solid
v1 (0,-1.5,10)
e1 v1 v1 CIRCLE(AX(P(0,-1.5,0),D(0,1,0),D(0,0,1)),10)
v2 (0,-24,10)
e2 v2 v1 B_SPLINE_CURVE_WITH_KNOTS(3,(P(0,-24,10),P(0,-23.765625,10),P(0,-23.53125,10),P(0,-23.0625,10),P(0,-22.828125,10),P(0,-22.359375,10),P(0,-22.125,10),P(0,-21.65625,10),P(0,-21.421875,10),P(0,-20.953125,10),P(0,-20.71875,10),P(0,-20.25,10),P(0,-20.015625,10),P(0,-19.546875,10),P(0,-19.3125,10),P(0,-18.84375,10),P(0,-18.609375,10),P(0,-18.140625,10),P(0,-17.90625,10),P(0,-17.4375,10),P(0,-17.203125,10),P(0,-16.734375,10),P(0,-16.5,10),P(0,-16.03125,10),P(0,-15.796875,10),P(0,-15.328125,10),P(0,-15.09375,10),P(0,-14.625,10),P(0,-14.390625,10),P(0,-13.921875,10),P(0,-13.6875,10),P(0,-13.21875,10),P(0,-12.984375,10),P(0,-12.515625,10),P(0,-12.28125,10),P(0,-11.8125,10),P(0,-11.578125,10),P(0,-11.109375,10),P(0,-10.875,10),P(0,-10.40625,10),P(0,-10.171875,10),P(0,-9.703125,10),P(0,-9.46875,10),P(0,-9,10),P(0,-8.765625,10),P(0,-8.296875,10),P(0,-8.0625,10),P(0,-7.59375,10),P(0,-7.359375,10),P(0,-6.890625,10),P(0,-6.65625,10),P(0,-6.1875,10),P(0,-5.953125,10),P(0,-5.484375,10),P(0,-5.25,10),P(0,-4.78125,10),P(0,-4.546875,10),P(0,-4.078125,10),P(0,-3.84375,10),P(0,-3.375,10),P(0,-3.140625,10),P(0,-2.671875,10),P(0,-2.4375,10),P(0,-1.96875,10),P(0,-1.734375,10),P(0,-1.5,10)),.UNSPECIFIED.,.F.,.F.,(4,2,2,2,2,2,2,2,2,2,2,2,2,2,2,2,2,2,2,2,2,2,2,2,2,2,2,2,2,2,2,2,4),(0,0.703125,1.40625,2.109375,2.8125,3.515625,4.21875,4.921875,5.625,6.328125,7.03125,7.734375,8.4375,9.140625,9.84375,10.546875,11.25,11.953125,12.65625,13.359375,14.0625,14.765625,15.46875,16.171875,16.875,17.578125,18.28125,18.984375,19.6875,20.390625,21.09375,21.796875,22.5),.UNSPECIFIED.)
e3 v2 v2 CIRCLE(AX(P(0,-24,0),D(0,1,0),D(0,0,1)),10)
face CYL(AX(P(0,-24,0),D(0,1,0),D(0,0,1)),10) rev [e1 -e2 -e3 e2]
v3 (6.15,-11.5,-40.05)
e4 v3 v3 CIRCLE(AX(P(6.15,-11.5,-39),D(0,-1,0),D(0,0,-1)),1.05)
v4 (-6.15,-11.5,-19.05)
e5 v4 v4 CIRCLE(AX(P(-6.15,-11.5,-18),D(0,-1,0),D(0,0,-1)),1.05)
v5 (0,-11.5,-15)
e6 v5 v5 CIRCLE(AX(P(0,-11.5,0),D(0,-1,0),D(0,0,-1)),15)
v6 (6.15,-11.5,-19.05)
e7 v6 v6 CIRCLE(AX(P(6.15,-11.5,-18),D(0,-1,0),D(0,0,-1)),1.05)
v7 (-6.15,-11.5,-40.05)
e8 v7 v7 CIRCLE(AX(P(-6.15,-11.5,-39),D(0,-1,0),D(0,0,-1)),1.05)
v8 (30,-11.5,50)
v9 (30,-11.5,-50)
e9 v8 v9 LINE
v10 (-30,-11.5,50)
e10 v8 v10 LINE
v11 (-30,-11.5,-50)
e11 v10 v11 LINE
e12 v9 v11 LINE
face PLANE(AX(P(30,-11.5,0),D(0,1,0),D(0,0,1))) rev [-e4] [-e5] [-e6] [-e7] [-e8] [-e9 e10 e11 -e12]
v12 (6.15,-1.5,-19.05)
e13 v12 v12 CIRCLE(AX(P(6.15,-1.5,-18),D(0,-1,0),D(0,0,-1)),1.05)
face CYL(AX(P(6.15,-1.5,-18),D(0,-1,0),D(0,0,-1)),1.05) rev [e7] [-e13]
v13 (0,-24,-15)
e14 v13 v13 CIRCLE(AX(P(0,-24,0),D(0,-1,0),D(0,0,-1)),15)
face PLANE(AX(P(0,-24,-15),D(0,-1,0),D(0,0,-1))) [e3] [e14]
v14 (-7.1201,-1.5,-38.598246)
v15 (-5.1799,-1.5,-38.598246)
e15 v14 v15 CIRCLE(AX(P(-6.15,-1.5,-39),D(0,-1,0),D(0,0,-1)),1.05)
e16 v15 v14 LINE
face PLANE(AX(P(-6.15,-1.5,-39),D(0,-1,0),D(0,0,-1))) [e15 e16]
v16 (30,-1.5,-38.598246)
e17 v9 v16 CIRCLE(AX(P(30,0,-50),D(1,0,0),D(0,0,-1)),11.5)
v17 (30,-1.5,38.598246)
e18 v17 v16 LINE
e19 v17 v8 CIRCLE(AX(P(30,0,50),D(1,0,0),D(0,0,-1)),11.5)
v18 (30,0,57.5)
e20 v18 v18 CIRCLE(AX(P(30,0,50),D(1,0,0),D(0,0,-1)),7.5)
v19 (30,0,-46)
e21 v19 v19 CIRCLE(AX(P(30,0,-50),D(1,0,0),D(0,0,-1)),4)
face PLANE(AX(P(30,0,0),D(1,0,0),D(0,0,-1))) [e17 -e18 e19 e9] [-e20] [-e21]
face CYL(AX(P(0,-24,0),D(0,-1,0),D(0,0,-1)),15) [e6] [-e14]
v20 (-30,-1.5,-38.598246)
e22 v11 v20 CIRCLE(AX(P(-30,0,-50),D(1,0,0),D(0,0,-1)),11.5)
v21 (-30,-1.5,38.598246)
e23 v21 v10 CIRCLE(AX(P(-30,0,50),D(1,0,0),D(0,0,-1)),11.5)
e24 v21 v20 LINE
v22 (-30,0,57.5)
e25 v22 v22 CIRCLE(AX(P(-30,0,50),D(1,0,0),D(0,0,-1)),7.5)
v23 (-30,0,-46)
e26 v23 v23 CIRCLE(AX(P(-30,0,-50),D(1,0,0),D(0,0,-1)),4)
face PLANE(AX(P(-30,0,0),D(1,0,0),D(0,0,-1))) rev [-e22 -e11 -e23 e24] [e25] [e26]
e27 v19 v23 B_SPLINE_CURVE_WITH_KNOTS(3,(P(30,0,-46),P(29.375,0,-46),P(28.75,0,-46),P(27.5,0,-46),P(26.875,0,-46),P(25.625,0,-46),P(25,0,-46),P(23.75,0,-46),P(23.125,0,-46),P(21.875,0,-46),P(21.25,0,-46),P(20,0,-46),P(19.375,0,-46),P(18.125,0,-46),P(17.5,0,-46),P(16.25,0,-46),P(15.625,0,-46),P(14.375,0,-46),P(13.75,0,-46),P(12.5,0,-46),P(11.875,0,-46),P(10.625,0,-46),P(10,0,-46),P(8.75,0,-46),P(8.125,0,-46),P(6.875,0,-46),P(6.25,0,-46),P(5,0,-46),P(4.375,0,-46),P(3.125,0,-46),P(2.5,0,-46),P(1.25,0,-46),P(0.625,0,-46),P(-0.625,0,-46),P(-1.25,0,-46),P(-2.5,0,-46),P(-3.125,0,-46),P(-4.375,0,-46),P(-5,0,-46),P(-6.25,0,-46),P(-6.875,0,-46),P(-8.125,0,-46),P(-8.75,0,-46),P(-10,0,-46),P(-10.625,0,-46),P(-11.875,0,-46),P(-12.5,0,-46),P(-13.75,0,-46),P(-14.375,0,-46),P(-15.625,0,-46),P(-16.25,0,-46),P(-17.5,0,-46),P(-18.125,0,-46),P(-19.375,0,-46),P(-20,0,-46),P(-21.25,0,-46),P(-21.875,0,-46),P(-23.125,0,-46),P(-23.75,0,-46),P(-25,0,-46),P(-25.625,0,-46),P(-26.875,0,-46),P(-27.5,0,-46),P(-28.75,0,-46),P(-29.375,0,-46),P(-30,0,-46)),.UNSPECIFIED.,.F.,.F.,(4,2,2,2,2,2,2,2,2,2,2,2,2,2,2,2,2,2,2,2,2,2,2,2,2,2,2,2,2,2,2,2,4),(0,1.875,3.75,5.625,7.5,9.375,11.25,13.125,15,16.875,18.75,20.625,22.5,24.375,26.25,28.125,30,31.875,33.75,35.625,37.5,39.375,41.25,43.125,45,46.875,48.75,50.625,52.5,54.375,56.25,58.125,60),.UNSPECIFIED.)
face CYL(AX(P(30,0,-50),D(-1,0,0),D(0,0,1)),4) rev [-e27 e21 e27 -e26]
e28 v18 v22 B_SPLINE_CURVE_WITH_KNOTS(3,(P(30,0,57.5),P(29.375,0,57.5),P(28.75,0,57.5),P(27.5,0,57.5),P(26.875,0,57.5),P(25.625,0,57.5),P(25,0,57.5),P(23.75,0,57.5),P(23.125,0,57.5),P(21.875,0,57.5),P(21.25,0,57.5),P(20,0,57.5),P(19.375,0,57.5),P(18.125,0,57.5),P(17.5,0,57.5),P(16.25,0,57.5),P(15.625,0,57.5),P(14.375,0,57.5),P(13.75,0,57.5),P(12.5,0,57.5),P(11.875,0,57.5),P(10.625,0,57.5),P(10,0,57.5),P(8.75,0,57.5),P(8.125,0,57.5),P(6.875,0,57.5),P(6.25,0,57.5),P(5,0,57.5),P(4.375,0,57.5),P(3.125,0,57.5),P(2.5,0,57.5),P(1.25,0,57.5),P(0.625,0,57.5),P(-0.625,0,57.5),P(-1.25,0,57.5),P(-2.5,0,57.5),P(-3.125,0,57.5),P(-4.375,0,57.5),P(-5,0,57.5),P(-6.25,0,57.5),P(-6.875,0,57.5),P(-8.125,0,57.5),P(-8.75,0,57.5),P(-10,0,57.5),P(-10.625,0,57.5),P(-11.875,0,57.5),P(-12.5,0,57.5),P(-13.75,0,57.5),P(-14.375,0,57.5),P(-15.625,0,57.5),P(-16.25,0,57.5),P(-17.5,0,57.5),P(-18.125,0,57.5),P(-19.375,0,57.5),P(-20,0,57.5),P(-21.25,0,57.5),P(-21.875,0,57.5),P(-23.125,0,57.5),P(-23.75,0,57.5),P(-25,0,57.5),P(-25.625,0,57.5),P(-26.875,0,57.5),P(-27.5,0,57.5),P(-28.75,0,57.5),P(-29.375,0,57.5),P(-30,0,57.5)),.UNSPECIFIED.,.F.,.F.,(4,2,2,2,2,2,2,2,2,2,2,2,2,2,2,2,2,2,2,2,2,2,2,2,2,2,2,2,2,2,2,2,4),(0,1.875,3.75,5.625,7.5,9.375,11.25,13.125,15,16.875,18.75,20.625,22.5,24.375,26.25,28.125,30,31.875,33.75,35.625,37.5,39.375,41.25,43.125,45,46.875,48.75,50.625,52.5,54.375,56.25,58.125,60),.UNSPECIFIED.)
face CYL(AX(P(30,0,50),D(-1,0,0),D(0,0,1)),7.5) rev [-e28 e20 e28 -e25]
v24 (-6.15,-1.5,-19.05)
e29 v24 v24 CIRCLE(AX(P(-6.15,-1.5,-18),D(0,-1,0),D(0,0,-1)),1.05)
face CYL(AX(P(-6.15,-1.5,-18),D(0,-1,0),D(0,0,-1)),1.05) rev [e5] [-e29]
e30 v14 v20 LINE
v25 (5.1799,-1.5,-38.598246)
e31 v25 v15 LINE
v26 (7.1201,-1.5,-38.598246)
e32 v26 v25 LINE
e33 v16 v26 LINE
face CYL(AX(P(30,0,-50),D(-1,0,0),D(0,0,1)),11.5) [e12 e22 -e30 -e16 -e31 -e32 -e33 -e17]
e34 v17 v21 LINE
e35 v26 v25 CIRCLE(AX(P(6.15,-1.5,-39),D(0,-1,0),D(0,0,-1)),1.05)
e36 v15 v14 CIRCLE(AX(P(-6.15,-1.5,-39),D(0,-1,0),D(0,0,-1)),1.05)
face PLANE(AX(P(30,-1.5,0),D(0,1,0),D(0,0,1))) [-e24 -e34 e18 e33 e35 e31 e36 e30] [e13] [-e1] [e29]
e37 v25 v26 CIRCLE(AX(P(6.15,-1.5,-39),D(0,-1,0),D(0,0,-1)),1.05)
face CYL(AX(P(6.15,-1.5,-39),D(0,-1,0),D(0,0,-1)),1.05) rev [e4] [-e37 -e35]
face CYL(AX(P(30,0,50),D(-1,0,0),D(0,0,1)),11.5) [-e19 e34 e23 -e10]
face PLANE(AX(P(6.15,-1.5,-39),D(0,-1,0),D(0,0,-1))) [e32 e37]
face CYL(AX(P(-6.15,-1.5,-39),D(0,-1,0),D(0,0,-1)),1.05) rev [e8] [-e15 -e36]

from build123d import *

# Parameters (mm, degrees)
SKETCH1_R           = 7.5
SKETCH1_R_2         = 4
BOSS_EXTRUDE1_DEPTH = 30
SKETCH2_W           = 15
SKETCH2_H           = 12.5
SKETCH3_R           = 10
CUT_EXTRUDE1_DEPTH  = 73.031243221
SKETCH4_R           = 1.05
CUT_EXTRUDE2_DEPTH  = 10


with BuildPart() as part:
    # Sketch1 → Boss-Extrude1 (new, symmetric)
    with BuildSketch(Plane(origin=(0, 0, 0), x_dir=(0, 0, -1), z_dir=(1, 0, 0))):
        with BuildLine():
            Line((-50, -11.5), (50, -11.5))
            ThreePointArc((50, -11.5), (57.582875444, 8.645808233), (38.598245749, -1.5))
            Line((38.598245749, -1.5), (-38.598245749, -1.5))
            ThreePointArc((-38.598245749, -1.5), (-57.582875444, 8.645808233), (-50, -11.5))
        make_face()
        with Locations(Location((-50, 0, 0), (0, 0, 180))):
            Circle(SKETCH1_R, mode=Mode.SUBTRACT)
        with Locations(Location((50, 0, 0), (0, 0, 180))):
            Circle(SKETCH1_R_2, mode=Mode.SUBTRACT)
    extrude(amount=BOSS_EXTRUDE1_DEPTH, both=True)

    # Sketch2 → Revolve1 (revolve)
    with BuildSketch(Plane(origin=(0, 0, 0), x_dir=(0, 0, -1), z_dir=(1, 0, 0))):
        with Locations((7.5, -17.75)):
            Rectangle(SKETCH2_W, SKETCH2_H)
    revolve(axis=Axis((0, -24, 0), (0, 1, 0)))

    # Sketch3 → Cut-Extrude1 (cut, through all)
    with BuildSketch(Plane(origin=(0, -1.5, 0), x_dir=(1, 0, 0), z_dir=(0, 1, 0))):
        with Locations(Location((0, 0, 0), (0, 0, 270))):
            Circle(SKETCH3_R)
    extrude(amount=-CUT_EXTRUDE1_DEPTH, mode=Mode.SUBTRACT)

    # Sketch4 → Cut-Extrude2 (cut)
    with BuildSketch(Plane.XZ.offset(11.5)):
        with Locations(Location((-6.15, -18, 0), (0, 0, 270))):
            Circle(SKETCH4_R)
        with Locations(Location((-6.15, -39, 0), (0, 0, 270))):
            Circle(SKETCH4_R)
        with Locations(Location((6.15, -18, 0), (0, 0, 270))):
            Circle(SKETCH4_R)
        with Locations(Location((6.15, -39, 0), (0, 0, 270))):
            Circle(SKETCH4_R)
    extrude(amount=-CUT_EXTRUDE2_DEPTH, mode=Mode.SUBTRACT)


solid = part.part
